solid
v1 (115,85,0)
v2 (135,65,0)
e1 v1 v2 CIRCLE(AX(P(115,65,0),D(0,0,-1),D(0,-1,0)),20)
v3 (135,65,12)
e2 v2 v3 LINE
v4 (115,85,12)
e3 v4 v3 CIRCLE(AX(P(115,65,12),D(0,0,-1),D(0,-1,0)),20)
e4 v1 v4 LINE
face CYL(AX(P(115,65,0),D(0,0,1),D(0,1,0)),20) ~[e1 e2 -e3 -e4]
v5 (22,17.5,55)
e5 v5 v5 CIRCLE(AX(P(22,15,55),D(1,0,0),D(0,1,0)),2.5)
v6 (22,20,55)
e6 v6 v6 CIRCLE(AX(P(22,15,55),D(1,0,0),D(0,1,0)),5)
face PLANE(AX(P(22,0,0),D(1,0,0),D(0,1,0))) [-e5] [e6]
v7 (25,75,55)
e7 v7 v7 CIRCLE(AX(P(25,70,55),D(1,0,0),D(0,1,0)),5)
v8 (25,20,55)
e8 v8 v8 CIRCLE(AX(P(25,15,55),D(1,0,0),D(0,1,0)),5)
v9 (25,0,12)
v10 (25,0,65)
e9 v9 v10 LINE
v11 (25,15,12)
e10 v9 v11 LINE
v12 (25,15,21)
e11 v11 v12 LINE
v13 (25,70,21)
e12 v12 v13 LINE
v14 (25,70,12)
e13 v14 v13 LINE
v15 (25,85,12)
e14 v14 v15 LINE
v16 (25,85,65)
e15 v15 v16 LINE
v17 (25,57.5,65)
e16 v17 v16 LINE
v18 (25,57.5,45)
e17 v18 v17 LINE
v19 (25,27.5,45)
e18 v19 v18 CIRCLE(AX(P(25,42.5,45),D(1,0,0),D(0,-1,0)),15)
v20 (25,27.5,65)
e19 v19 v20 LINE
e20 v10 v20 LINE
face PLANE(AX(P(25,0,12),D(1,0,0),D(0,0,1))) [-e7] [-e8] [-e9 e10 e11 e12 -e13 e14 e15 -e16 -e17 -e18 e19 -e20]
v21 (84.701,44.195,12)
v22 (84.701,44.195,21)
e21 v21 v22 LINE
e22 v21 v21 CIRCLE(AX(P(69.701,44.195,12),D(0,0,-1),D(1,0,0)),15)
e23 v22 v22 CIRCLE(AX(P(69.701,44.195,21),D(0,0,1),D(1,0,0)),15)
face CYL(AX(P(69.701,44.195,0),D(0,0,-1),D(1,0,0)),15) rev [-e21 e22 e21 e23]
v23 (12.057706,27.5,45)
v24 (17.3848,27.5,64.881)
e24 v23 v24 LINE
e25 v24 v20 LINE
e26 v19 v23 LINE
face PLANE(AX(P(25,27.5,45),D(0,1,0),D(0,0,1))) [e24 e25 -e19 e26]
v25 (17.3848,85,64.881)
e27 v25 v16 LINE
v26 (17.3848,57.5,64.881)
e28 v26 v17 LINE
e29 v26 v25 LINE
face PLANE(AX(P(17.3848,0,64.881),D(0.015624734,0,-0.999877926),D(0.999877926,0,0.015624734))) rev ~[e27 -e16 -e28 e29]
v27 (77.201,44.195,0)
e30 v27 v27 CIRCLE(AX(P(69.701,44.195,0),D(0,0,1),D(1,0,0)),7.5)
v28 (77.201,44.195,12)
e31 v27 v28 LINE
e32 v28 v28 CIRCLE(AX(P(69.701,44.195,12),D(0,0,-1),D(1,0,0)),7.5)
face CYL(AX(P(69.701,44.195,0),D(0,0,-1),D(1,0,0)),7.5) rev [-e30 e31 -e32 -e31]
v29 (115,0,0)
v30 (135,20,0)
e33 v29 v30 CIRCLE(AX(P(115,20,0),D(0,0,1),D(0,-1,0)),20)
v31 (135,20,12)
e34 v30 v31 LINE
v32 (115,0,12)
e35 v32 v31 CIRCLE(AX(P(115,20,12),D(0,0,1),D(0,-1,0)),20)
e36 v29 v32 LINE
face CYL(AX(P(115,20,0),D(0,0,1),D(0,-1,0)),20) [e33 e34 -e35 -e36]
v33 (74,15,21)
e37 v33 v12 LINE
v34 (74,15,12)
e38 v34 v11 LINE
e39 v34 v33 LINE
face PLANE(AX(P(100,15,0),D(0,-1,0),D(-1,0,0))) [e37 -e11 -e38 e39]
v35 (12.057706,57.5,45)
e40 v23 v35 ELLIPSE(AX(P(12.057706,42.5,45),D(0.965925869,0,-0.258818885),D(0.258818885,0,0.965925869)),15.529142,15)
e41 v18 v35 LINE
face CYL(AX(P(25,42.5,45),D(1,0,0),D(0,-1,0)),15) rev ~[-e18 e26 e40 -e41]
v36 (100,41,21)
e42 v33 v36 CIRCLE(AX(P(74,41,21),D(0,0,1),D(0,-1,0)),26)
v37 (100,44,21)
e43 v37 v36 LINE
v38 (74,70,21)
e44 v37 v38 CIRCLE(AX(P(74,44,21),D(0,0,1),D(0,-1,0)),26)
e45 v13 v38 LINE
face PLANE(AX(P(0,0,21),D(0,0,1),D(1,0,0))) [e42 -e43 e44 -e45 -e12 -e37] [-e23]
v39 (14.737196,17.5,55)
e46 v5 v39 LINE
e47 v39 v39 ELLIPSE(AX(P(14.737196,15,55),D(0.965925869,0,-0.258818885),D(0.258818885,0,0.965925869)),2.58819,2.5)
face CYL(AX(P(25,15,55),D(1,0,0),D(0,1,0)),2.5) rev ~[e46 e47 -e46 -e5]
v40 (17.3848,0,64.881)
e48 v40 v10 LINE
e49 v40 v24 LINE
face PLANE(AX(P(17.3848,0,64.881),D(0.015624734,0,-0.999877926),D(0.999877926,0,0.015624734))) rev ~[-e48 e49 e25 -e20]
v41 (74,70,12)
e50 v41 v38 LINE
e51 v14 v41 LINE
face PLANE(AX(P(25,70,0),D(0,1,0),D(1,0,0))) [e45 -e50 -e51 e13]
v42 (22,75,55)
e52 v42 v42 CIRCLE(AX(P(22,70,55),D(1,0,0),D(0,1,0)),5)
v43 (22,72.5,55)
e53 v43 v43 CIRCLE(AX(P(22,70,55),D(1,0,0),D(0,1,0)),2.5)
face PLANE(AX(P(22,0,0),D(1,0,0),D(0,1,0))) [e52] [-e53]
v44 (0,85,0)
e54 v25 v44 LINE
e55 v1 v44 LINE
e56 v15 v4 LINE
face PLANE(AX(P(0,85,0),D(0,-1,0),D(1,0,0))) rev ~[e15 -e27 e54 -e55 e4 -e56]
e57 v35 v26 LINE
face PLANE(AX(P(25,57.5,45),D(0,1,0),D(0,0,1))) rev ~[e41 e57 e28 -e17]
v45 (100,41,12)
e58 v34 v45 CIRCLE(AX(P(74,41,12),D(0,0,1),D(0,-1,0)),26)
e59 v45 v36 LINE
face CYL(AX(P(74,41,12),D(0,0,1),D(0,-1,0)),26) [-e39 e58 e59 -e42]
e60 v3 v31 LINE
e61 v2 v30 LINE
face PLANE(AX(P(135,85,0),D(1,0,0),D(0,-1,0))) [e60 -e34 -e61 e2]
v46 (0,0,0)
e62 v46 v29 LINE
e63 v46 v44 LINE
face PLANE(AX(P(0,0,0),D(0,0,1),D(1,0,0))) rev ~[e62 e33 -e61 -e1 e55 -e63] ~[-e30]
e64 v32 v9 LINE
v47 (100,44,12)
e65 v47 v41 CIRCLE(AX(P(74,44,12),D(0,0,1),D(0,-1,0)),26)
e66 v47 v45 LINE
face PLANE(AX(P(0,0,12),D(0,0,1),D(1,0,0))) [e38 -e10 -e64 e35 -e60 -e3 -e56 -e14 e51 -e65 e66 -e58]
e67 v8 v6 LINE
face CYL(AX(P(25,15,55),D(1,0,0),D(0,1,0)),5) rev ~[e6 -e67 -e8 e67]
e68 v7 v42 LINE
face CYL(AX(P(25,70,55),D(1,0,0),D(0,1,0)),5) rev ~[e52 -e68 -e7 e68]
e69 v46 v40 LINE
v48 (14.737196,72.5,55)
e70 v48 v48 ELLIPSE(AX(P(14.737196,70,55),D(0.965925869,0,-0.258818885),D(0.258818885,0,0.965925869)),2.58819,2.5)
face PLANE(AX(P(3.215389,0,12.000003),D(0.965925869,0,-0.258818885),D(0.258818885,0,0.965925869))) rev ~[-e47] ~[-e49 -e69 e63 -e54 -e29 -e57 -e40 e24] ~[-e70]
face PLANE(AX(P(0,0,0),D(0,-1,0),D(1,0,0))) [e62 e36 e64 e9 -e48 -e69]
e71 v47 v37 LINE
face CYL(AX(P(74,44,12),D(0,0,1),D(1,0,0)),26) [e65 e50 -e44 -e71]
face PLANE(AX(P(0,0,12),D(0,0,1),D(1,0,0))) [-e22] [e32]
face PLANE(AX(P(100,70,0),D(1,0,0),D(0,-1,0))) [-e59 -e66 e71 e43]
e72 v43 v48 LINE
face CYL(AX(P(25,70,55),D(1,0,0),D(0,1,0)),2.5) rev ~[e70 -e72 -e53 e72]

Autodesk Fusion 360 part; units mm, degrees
sketch "Baza" plane through (0, 0, 0) normal (0, 0, 1) x (1, 0, 0)
  line L0 (0, 0) -> (0, 85)
  line L1 (0, 85) -> (135, 85)
  line L2 (135, 85) -> (135, 0)
  line L3 (135, 0) -> (0, 0)
  line L4 (0, 0) -> (25, 0) construction
  line L5 (25, 0) -> (25, 85)
  line L6 (25, 85) -> (25, 70) construction
  line L7 (25, 0) -> (25, 15) construction
  line L8 (69.701, 85) -> (69.701, 0) construction
  line L9 (135, 85) -> (69.701, 44.195) construction
  circle A0 centre (69.701, 44.195) radius 7.5
  circle A1 centre (69.701, 44.195) radius 15
  line L10 (25, 70) -> (100, 70)
  line L11 (100, 70) -> (100, 15)
  line L12 (100, 15) -> (25, 15)
  line L13 (25, 15) -> (25, 70)
  dimension "d1" = 85
  dimension "d2" = 135
  dimension "d3" = 25
  dimension "d4" = 15
  dimension "d5" = 15
  dimension "d6" = 77
  dimension "d7" = 15
  dimension "d8" = 30
  dimension "d9" = 55
  dimension "d10" = 44.701
  dimension "d11" = 35
extrude "Extrude1" add sketch "Baza" along normal blind 12 contours L0 L1 L3 L5 L13 | L1 L2 L3 L5 L10 L11 L12 | L5 L10 L11 L12 L13 | A0 | A1 makes body 1
extrude "Extrude2" add sketch "Baza" along normal blind 21 separate body contours L5 L10 L11 L12 L13 makes body 2
combine "Combine1" operation add target body 2 tool bodies 1
extrude "Extrude3" cut sketch "Baza" along normal blind 50 contours A0 bodies 2
fillet "Fillet1" radius 26 2 edges at (100, 15, 16.5) (100, 70, 16.5) on bodies 2
fillet "Fillet2" radius 20 2 edges at (135, 0, 6) (135, 85, 6) on bodies 2
sketch "Margine" plane through (0, 0, 0) normal (0, -1, 0) x (1, 0, 0)
  line L0 (115, 0) -> (115, 12)
  line L1 (115, 12) -> (0, 12)
  line L2 (0, 12) -> (0, 0)
  line L3 (0, 0) -> (115, 0)
  line L4 (0, 0) -> (25, 0) construction
  line L5 (25, 0) -> (25, 65)
  line L6 (0, 0) -> (17.3848, 64.881)
  line L7 (0, 0) -> (67.1698, 0) construction
  line L8 (17.3848, 64.881) -> (25, 65)
  line L9 (3.2154, 12) -> (25, 12)
  line L10 (3.2154, 12) -> (0, 12)
  line L11 (0, 0) -> (0, 12)
  dimension "d22" = 25
  dimension "d23" = 65
  dimension "d24" = 75
extrude "Extrude4" add sketch "Margine" against normal blind 85 contours L1 L5 L6 L8 L9 bodies 2
extrude "Extrude5" cut sketch "Margine" against normal blind 85 contours L1 L2 L6 L10 L11 bodies 2
sketch "Fata" plane through (25, 0, 0) normal (1, 0, 0) x (0, 1, 0)
  line L0 (70, 21) -> (70, 12)
  line L1 (70, 12) -> (85, 12)
  line L2 (85, 12) -> (85, 65)
  line L3 (85, 65) -> (0, 65)
  line L4 (0, 65) -> (0, 12)
  line L5 (0, 12) -> (15, 12)
  line L6 (15, 12) -> (15, 21)
  line L7 (15, 21) -> (70, 21)
  line L8 (0, 65) -> (15, 65) construction
  line L9 (85, 65) -> (70, 65) construction
  line L10 (15, 65) -> (15, 55) construction
  line L11 (70, 65) -> (70, 55) construction
  circle A0 centre (15, 55) radius 2.5
  circle A1 centre (70, 55) radius 2.5
  circle A2 centre (15, 55) radius 5
  circle A3 centre (70, 55) radius 5
  line L12 (0, 65) -> (0, 45) construction
  line L13 (0, 45) -> (85, 45) construction
  line L14 (27.5, 45) -> (27.5, 65)
  line L15 (57.5, 45) -> (57.5, 65)
  arc A4 (27.5, 45) -> (57.5, 45) centre (42.5, 45) ccw
  dimension "d29" = 15
  dimension "d30" = 15
  dimension "d31" = 10
  dimension "d32" = 10
  dimension "d33" = 5
  dimension "d34" = 5
  dimension "d35" = 10
  dimension "d36" = 10
  dimension "d37" = 20
  dimension "d40" = 30
extrude "Extrude6" cut sketch "Fata" against normal blind 20 contours L3 L14 L15 A4 bodies 2
extrude "Extrude7" cut sketch "Fata" against normal blind 15 contours A0 | A1 bodies 2
extrude "Extrude8" cut sketch "Fata" against normal blind 3 contours A2 | A3 bodies 2
